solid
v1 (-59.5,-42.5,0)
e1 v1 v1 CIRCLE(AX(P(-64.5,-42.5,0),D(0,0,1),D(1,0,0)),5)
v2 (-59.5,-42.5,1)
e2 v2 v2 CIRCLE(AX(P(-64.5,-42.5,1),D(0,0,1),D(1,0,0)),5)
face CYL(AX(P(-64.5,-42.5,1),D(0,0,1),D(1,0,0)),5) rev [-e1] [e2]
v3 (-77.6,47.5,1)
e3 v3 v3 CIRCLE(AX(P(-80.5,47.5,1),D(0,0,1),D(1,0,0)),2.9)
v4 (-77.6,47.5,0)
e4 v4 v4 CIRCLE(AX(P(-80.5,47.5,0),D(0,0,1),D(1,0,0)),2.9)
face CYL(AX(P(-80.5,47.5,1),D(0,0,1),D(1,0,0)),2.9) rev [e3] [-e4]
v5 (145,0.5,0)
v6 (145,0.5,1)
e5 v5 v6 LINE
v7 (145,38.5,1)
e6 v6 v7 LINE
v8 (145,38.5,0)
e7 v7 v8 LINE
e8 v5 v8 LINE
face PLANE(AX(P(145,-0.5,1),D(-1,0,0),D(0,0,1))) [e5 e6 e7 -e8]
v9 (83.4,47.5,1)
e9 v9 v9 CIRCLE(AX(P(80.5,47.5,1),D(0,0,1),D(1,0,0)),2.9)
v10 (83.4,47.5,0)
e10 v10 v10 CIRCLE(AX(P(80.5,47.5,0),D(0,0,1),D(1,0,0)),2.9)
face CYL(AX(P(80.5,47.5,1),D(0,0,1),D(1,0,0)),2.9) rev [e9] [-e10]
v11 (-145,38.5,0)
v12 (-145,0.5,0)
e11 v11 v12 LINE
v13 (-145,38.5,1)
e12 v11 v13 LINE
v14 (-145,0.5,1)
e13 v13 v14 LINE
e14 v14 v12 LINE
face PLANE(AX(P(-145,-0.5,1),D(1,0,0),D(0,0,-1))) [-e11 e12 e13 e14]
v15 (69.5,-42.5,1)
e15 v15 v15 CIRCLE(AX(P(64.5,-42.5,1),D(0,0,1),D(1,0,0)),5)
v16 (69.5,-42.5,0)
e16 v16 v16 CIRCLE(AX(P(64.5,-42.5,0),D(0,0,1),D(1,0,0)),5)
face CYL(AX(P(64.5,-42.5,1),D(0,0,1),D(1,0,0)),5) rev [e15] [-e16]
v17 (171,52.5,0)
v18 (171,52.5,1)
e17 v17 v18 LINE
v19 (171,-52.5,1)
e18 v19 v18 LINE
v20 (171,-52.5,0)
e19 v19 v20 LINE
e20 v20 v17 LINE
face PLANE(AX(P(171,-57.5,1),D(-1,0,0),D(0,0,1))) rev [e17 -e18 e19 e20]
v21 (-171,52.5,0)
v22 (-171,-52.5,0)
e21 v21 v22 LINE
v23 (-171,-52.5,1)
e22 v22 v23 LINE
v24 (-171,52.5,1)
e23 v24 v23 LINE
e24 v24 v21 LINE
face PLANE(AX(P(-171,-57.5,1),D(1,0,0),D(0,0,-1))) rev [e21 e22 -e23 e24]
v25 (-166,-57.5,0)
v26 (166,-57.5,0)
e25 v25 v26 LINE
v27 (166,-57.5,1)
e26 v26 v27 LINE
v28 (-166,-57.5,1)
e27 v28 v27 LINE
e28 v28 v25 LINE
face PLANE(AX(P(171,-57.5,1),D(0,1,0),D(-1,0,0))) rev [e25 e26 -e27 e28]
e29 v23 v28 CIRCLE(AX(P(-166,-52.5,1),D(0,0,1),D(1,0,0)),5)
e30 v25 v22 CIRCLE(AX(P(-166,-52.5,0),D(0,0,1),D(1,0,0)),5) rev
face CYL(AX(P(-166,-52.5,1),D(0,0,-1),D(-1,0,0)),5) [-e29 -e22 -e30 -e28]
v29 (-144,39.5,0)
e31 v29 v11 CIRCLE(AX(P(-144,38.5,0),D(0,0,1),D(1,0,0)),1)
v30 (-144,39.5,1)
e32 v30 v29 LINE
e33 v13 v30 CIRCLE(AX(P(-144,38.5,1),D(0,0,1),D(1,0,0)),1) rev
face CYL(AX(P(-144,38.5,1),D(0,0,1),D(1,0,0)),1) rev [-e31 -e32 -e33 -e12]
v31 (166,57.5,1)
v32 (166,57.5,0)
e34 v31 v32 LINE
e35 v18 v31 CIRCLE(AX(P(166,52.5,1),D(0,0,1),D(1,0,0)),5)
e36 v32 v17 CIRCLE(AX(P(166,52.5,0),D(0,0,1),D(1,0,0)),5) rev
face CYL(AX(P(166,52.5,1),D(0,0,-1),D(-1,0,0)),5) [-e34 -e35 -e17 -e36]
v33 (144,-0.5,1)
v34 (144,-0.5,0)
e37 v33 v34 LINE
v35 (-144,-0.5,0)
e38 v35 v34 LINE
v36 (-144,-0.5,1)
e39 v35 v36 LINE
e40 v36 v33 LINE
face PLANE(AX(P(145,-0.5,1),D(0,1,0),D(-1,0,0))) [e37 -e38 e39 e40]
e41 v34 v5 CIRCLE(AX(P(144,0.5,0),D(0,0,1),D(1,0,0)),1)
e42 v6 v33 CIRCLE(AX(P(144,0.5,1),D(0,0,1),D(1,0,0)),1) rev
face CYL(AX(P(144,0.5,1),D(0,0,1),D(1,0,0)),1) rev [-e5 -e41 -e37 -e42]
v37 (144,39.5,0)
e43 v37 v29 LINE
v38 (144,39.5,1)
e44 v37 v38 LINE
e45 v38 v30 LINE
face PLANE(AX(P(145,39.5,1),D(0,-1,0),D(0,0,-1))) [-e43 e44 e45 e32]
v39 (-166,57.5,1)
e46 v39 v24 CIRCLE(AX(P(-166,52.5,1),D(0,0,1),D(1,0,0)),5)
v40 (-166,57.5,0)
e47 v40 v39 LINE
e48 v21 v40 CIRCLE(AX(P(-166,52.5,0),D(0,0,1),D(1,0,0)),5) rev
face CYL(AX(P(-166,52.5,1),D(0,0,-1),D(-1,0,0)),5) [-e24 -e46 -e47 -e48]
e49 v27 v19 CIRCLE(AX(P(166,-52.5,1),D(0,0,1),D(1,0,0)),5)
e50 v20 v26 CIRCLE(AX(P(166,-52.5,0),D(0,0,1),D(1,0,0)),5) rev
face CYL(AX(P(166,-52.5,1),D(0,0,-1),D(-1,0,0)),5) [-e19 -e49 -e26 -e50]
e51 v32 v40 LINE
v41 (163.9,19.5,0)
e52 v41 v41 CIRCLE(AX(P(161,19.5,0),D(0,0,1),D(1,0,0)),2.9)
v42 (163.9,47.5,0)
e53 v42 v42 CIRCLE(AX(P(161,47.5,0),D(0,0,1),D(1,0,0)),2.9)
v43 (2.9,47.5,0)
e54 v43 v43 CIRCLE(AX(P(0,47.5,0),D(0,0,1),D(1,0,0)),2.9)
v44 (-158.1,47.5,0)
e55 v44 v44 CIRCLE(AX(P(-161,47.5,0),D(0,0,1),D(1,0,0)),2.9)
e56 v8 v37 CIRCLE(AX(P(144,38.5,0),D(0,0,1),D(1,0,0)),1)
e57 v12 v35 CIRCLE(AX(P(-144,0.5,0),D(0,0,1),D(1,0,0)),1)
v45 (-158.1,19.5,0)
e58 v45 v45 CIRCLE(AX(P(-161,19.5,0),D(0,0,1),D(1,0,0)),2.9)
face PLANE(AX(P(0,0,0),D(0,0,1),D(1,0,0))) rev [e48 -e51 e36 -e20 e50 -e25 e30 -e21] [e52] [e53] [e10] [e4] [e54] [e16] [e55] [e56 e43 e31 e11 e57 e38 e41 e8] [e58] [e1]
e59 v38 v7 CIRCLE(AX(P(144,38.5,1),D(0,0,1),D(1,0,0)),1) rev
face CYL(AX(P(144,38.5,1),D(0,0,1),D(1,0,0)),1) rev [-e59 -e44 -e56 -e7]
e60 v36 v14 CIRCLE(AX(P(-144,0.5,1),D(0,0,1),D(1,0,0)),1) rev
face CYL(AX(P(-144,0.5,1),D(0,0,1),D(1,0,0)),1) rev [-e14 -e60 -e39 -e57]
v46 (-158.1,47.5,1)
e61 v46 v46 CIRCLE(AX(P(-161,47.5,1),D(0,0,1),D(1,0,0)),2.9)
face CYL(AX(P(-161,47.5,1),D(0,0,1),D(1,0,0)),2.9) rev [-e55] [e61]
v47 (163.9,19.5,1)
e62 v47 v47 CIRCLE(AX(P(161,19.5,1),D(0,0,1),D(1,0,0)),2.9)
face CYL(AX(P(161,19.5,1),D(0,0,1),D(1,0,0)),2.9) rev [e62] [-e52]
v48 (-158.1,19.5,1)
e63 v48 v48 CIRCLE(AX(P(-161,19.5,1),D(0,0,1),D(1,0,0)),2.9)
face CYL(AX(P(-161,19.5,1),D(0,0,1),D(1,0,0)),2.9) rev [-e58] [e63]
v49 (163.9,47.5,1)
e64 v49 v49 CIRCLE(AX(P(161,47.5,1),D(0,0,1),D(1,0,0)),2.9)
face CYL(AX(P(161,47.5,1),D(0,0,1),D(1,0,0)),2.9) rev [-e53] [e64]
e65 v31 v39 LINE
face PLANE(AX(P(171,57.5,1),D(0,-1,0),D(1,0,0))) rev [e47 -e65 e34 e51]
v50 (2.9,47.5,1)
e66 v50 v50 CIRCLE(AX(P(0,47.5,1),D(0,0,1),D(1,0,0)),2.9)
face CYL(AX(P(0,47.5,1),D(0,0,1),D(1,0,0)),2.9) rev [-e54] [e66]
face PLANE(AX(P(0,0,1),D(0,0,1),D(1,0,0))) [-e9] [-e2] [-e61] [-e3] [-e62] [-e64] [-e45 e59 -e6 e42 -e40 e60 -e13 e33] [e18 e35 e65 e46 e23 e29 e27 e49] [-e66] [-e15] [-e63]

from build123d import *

# Parameters (mm, degrees)
SKETCH1_W            = 342
SKETCH1_H            = 115
SKETCH1_W_2          = 290
SKETCH1_H_2          = 40
BOSS_EXTRUDE1_DEPTH  = 1
FILLET1_R            = 5
FILLET2_R            = 1
M5_CLEARANCE_HOLE1_D = 5.8
M8_CLEARANCE_HOLE1_D = 10


with BuildPart() as part:
    # Sketch1 → Boss-Extrude1 (new body)
    with BuildSketch(Plane.XY):
        Rectangle(SKETCH1_W, SKETCH1_H)
        with Locations((0, 19.5)):
            Rectangle(SKETCH1_W_2, SKETCH1_H_2, mode=Mode.SUBTRACT)
    extrude(amount=BOSS_EXTRUDE1_DEPTH)

    # Fillet1
    fillet1_edges = [part.edges().sort_by_distance(p)[0] for p in [
        (-171, 57.5, 0.5),
        (171, 57.5, 0.5),
        (171, -57.5, 0.5),
        (-171, -57.5, 0.5),
    ]]
    fillet(fillet1_edges, radius=FILLET1_R)

    # Fillet2
    fillet2_edges = [part.edges().sort_by_distance(p)[0] for p in [
        (-145, -0.5, 0.5),
        (145, -0.5, 0.5),
        (145, 39.5, 0.5),
        (-145, 39.5, 0.5),
    ]]
    fillet(fillet2_edges, radius=FILLET2_R)

    # M5 Clearance Hole1 (through all)
    with Locations(Plane.XY.offset(1)):
        with Locations((-161, 47.5), (-161, 19.5), (-80.5, 47.5), (0, 47.5), (80.5, 47.5), (161, 47.5), (161, 19.5)):
            Hole(M5_CLEARANCE_HOLE1_D / 2)

    # M8 Clearance Hole1 (through all)
    with Locations(Plane.XY.offset(1)):
        with Locations((-64.5, -42.5), (64.5, -42.5)):
            Hole(M8_CLEARANCE_HOLE1_D / 2)


solid = part.part
